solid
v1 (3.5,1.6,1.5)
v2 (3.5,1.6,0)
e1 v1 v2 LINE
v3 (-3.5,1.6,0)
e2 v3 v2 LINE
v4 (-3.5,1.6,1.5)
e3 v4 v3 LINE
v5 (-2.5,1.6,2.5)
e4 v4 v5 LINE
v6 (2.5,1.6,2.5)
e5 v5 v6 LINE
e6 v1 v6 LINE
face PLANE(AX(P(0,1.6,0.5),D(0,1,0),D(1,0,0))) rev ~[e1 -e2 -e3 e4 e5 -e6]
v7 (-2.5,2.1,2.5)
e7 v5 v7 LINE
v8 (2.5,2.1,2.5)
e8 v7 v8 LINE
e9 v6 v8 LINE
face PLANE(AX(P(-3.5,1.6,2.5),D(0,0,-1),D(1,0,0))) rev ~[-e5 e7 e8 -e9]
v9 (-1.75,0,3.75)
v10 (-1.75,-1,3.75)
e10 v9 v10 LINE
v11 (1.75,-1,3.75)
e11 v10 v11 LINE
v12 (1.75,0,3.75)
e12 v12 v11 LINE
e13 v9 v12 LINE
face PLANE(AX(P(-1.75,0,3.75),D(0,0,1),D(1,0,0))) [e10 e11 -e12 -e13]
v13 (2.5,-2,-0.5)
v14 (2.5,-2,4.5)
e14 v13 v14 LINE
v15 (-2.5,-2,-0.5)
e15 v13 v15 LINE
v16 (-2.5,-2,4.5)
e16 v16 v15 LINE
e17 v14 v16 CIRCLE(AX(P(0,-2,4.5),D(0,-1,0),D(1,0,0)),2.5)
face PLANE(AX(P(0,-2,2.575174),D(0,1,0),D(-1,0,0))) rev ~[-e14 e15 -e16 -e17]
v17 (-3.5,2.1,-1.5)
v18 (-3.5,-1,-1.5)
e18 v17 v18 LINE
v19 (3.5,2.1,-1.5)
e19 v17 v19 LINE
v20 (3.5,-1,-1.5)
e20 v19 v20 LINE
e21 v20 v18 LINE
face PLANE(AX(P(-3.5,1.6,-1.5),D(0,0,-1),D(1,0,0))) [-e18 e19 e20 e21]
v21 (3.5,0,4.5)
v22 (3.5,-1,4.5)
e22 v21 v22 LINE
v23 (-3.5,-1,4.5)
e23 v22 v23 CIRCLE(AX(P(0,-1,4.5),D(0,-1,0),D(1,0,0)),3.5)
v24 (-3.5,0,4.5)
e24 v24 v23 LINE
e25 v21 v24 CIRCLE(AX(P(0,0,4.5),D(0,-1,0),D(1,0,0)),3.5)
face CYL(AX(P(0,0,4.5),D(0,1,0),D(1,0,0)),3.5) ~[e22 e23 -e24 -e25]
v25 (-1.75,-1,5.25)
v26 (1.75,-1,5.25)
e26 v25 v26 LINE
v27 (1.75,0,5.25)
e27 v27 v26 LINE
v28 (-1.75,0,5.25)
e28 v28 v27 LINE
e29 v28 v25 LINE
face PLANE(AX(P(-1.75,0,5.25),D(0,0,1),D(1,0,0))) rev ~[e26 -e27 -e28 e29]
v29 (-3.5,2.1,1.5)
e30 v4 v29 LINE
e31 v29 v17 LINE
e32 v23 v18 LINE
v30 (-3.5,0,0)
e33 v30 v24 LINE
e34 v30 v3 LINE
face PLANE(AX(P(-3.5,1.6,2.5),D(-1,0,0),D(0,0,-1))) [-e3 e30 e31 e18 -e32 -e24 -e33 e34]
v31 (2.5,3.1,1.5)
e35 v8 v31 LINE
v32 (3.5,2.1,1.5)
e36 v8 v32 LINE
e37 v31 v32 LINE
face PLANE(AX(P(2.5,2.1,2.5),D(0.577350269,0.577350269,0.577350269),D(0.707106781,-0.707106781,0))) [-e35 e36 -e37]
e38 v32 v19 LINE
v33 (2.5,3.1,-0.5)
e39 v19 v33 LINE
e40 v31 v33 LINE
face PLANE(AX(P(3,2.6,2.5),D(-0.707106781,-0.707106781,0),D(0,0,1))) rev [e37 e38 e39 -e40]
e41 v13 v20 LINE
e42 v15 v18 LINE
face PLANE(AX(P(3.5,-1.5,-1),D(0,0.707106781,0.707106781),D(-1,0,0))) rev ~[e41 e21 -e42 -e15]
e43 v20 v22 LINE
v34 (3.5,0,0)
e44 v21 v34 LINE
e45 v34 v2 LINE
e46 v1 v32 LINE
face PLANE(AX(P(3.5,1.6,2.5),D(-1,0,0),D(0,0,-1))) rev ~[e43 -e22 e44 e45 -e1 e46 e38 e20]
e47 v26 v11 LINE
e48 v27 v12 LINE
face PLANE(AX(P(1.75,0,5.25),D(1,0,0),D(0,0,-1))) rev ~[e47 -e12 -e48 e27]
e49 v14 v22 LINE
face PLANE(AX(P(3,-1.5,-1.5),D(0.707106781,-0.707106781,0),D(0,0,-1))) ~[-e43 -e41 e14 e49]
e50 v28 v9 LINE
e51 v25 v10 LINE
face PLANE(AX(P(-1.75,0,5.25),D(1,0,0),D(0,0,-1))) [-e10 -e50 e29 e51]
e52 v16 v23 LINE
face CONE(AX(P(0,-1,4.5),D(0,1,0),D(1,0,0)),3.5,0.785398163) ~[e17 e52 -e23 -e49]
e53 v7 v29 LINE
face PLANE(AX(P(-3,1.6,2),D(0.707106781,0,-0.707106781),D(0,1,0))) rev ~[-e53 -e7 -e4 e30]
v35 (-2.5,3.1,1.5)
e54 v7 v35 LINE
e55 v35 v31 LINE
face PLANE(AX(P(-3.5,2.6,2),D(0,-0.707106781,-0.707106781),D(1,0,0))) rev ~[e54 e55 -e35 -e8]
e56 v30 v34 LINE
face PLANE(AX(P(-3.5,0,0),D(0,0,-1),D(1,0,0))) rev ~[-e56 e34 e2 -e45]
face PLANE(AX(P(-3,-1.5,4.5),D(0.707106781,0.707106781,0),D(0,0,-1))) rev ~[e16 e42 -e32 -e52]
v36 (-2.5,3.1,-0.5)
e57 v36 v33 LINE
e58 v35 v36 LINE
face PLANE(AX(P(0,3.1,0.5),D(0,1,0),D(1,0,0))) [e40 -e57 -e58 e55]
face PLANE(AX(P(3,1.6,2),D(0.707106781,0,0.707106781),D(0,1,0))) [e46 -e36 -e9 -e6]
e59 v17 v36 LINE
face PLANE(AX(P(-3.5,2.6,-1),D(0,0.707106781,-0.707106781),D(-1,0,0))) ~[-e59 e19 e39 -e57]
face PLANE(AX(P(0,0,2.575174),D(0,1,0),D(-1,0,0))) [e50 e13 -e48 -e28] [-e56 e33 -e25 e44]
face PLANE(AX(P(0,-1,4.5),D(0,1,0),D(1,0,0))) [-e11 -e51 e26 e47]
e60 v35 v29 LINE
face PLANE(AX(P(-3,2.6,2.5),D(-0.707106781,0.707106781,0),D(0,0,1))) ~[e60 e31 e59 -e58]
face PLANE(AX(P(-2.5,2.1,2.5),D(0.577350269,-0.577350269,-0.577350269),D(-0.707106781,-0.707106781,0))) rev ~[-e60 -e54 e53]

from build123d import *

# Parameters (mm, degrees)
PAD_DEPTH            = 2
SKETCH001_W          = 3.5
SKETCH001_H          = 1.5
POCKET_DEPTH         = 1
SKETCH002_W          = 7
SKETCH002_H          = 1.5
PAD001_DEPTH         = 1.6
SKETCH003_W          = 7
SKETCH003_H          = 4
PAD002_DEPTH         = 1.5
CHAMFER_SIZE         = 1
CHAMFER001_SIZE      = 1
BODY_PLACEMENT_ANGLE = 90


with BuildPart() as part:
    # Sketch (on XY_Plane of Origin) → Pad (new body)
    with BuildSketch(Plane.XY):
        with BuildLine():
            Line((-3.5, -1.5), (-3.5, 4.5))
            ThreePointArc((3.5, 4.5), (0, 8), (-3.5, 4.5))
            Line((3.5, 4.5), (3.5, -1.5))
            Line((3.5, -1.5), (-3.5, -1.5))
        make_face()
    extrude(amount=PAD_DEPTH)

    # Sketch001 (on Face5 of Pad) → Pocket (cut)
    with BuildSketch(Plane(origin=(0, 0, 0), x_dir=(1, 0, 0), z_dir=(0, 0, -1))):
        with Locations((0, -4.5)):
            Rectangle(SKETCH001_W, SKETCH001_H)
    extrude(amount=-POCKET_DEPTH, mode=Mode.SUBTRACT)

    # Sketch002 (on Face4 of Pocket) → Pad001 (join)
    with BuildSketch(Plane(origin=(0, 0, 0), x_dir=(1, 0, 0), z_dir=(0, 0, -1))):
        with Locations((0, 0.75)):
            Rectangle(SKETCH002_W, SKETCH002_H)
    extrude(amount=PAD001_DEPTH)

    # Sketch003 (on Face10 of Pad001) → Pad002 (join)
    with BuildSketch(Plane(origin=(0, 0, -1.6), x_dir=(1, 0, 0), z_dir=(0, 0, -1))):
        with Locations((0, -0.5)):
            Rectangle(SKETCH003_W, SKETCH003_H)
    extrude(amount=PAD002_DEPTH)

    # Chamfer
    chamfer_edges = [part.edges().sort_by_distance(p)[0] for p in [
        (0, -1.5, -3.1),
        (-3.5, 0.5, -3.1),
        (3.5, 0.5, -3.1),
        (0, 2.5, -3.1),
        (-3.5, 2.5, -2.35),
        (3.5, 2.5, -2.35),
    ]]
    chamfer(chamfer_edges, length=CHAMFER_SIZE)

    # Chamfer001
    chamfer001_edges = [part.edges().sort_by_distance(p)[0] for p in [
        (0, 8, 2),
        (0, -1.5, 2),
    ]]
    chamfer(chamfer001_edges, length=CHAMFER001_SIZE)


with BuildPart() as part_1:
    # Body placement: moved
    add(part.part.rotate(Axis((0, 0, 0), (1, 0, 0)), BODY_PLACEMENT_ANGLE))


solid = part_1.part
